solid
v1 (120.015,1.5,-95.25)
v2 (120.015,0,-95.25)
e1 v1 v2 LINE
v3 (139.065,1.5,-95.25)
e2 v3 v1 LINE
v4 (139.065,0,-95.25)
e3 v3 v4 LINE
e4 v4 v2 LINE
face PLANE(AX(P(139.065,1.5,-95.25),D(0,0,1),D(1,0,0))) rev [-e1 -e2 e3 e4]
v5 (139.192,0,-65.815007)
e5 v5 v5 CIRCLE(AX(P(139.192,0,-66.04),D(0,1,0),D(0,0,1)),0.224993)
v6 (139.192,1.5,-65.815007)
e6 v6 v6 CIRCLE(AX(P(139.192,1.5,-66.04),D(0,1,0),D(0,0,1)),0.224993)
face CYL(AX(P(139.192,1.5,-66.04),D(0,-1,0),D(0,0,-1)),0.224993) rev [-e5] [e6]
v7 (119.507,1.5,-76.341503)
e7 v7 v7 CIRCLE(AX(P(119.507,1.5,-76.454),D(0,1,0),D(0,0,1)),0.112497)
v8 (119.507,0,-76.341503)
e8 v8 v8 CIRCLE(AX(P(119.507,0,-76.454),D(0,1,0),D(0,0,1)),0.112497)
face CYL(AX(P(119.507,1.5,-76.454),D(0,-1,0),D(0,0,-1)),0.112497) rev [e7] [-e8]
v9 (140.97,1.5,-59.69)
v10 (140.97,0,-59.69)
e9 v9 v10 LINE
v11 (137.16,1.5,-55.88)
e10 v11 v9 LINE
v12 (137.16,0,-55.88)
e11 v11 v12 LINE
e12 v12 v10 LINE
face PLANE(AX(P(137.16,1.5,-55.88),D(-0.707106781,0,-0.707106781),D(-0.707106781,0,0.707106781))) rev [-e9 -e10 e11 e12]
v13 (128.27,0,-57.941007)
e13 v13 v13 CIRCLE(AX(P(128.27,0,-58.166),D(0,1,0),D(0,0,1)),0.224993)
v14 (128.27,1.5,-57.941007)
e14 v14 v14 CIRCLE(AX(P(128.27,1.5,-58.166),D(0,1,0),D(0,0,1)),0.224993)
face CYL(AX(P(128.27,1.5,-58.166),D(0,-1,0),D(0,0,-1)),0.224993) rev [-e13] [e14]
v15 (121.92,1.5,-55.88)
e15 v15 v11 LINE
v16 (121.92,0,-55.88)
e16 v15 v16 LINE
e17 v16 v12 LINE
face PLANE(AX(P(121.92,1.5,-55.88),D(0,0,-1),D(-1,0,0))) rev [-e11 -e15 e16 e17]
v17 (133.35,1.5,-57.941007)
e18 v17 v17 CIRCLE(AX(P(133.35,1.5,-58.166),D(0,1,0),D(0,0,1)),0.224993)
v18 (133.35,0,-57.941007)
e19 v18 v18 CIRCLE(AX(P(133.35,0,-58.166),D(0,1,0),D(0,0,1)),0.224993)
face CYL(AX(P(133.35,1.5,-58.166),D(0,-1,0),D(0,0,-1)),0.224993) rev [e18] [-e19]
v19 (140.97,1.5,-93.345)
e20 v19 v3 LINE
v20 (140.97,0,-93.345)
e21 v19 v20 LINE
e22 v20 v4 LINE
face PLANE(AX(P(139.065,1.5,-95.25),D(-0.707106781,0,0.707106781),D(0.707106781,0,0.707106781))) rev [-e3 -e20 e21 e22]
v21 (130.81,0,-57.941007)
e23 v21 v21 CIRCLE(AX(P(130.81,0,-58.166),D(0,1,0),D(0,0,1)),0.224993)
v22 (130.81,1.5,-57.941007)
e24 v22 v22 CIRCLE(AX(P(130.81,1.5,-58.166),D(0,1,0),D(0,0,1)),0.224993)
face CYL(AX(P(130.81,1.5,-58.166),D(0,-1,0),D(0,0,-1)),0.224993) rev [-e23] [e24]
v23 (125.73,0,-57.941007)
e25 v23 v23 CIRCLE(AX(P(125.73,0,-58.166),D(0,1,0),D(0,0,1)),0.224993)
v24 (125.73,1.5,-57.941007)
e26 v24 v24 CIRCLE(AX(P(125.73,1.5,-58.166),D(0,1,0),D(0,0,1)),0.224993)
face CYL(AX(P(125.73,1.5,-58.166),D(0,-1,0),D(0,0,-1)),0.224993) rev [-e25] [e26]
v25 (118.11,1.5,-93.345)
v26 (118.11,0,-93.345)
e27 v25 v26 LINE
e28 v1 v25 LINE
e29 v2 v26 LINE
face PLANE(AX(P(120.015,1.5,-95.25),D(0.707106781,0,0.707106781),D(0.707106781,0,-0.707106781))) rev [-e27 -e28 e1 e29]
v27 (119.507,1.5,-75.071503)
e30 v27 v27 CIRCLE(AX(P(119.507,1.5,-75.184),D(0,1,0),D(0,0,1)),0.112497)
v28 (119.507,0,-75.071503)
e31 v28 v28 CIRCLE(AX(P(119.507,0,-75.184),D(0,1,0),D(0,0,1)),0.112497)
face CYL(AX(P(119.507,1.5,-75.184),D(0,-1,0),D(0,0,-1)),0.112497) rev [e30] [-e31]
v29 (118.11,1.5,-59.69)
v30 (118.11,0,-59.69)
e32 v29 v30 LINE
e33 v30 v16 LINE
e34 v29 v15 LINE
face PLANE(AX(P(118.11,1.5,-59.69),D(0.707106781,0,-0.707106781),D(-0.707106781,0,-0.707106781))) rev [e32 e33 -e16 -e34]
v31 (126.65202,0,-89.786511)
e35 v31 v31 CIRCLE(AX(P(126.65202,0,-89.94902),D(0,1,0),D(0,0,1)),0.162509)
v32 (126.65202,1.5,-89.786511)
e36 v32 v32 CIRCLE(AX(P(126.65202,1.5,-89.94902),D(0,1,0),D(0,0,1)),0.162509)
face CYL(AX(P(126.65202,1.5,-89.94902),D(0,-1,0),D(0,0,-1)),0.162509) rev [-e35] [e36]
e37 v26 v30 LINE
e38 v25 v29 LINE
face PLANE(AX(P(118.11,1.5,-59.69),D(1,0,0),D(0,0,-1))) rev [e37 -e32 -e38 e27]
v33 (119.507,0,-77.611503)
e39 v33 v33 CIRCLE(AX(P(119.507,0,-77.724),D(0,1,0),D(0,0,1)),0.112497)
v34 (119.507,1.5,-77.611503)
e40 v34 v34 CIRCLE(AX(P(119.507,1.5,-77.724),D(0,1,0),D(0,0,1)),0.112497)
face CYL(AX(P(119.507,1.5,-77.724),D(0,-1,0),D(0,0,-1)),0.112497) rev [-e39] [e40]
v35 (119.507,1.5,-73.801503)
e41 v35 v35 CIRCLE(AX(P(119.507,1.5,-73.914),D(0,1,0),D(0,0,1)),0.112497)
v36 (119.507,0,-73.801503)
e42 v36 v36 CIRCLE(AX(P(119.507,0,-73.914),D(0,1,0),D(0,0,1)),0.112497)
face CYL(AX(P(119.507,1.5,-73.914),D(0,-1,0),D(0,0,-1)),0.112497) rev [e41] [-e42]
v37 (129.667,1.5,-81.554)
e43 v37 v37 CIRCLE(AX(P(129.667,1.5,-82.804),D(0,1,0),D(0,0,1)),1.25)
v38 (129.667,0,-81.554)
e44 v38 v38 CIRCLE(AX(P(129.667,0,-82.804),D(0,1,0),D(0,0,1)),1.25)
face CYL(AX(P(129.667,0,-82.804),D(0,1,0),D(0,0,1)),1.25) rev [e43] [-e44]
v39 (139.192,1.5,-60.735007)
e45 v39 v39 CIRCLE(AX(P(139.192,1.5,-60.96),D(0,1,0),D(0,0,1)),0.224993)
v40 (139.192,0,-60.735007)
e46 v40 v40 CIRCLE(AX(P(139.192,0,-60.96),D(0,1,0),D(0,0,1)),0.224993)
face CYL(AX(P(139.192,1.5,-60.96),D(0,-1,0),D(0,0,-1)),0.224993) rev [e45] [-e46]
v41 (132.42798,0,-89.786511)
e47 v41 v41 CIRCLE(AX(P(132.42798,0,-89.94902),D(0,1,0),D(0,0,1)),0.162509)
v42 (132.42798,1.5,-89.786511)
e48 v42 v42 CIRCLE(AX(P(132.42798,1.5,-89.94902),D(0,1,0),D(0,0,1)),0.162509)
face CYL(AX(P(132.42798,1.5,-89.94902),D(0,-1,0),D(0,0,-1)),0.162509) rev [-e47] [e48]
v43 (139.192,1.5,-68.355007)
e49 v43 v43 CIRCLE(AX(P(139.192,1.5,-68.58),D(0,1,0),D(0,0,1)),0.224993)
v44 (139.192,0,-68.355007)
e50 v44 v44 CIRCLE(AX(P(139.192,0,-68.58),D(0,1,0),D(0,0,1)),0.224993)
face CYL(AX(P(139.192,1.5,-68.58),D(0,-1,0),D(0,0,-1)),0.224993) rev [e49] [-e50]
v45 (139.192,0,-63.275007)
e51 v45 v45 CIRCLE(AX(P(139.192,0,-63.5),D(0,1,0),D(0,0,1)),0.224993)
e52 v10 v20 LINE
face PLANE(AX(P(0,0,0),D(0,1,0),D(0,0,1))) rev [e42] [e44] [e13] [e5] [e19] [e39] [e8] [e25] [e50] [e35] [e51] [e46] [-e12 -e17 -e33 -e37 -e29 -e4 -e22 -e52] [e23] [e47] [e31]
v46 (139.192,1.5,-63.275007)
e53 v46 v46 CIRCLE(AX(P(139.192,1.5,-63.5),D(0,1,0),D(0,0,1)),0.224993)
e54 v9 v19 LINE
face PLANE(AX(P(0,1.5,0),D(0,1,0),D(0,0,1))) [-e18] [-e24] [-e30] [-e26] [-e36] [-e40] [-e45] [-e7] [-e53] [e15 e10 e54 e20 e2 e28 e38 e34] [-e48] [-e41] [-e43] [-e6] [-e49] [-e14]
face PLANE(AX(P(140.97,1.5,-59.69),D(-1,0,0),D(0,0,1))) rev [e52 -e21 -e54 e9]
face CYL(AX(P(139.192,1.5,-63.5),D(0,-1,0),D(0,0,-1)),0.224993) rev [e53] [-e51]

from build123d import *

# Parameters (mm, degrees)
SKETCH_1_R          = 0.1625092
SKETCH_1_R_2        = 0.2249932
SKETCH_1_R_3        = 0.1124966
EXTRUDE_1_DEPTH     = 1.5
SKETCH_2_R          = 1.25
CUT_EXTRUDE_1_DEPTH = 171.139217701


with BuildPart() as part:
    # 草图1 → 凸台-拉伸1 (new body)
    with BuildSketch(Plane(origin=(0, 0, 0), x_dir=(1, 0, 0), z_dir=(0, 1, 0))):
        Polygon((139.065, 95.25), (120.015, 95.25), (118.11, 93.345), (118.11, 59.69), (121.92, 55.88), (137.16, 55.88), (140.97, 59.69), (140.97, 93.345), align=None)
        with Locations(Location((126.65202, 89.94902, 0), (0, 0, 270))):
            Circle(SKETCH_1_R, mode=Mode.SUBTRACT)
        with Locations(Location((132.42798, 89.94902, 0), (0, 0, 270))):
            Circle(SKETCH_1_R, mode=Mode.SUBTRACT)
        with Locations(Location((133.35, 58.166, 0), (0, 0, 270))):
            Circle(SKETCH_1_R_2, mode=Mode.SUBTRACT)
        with Locations(Location((130.81, 58.166, 0), (0, 0, 270))):
            Circle(SKETCH_1_R_2, mode=Mode.SUBTRACT)
        with Locations(Location((128.27, 58.166, 0), (0, 0, 270))):
            Circle(SKETCH_1_R_2, mode=Mode.SUBTRACT)
        with Locations(Location((125.73, 58.166, 0), (0, 0, 270))):
            Circle(SKETCH_1_R_2, mode=Mode.SUBTRACT)
        with Locations(Location((139.192, 68.58, 0), (0, 0, 270))):
            Circle(SKETCH_1_R_2, mode=Mode.SUBTRACT)
        with Locations(Location((139.192, 66.04, 0), (0, 0, 270))):
            Circle(SKETCH_1_R_2, mode=Mode.SUBTRACT)
        with Locations(Location((139.192, 63.5, 0), (0, 0, 270))):
            Circle(SKETCH_1_R_2, mode=Mode.SUBTRACT)
        with Locations(Location((139.192, 60.96, 0), (0, 0, 270))):
            Circle(SKETCH_1_R_2, mode=Mode.SUBTRACT)
        with Locations(Location((119.507, 77.724, 0), (0, 0, 270))):
            Circle(SKETCH_1_R_3, mode=Mode.SUBTRACT)
        with Locations(Location((119.507, 76.454, 0), (0, 0, 270))):
            Circle(SKETCH_1_R_3, mode=Mode.SUBTRACT)
        with Locations(Location((119.507, 73.914, 0), (0, 0, 270))):
            Circle(SKETCH_1_R_3, mode=Mode.SUBTRACT)
        with Locations(Location((119.507, 75.184, 0), (0, 0, 270))):
            Circle(SKETCH_1_R_3, mode=Mode.SUBTRACT)
    extrude(amount=EXTRUDE_1_DEPTH)

    # 草图2 → 切除-拉伸1 (cut, through all)
    with BuildSketch(Plane(origin=(0, 1.5, 0), x_dir=(1, 0, 0), z_dir=(0, 1, 0))):
        with Locations(Location((129.667, 82.804, 0), (0, 0, 270))):
            Circle(SKETCH_2_R)
    extrude(amount=-CUT_EXTRUDE_1_DEPTH, mode=Mode.SUBTRACT)


solid = part.part
